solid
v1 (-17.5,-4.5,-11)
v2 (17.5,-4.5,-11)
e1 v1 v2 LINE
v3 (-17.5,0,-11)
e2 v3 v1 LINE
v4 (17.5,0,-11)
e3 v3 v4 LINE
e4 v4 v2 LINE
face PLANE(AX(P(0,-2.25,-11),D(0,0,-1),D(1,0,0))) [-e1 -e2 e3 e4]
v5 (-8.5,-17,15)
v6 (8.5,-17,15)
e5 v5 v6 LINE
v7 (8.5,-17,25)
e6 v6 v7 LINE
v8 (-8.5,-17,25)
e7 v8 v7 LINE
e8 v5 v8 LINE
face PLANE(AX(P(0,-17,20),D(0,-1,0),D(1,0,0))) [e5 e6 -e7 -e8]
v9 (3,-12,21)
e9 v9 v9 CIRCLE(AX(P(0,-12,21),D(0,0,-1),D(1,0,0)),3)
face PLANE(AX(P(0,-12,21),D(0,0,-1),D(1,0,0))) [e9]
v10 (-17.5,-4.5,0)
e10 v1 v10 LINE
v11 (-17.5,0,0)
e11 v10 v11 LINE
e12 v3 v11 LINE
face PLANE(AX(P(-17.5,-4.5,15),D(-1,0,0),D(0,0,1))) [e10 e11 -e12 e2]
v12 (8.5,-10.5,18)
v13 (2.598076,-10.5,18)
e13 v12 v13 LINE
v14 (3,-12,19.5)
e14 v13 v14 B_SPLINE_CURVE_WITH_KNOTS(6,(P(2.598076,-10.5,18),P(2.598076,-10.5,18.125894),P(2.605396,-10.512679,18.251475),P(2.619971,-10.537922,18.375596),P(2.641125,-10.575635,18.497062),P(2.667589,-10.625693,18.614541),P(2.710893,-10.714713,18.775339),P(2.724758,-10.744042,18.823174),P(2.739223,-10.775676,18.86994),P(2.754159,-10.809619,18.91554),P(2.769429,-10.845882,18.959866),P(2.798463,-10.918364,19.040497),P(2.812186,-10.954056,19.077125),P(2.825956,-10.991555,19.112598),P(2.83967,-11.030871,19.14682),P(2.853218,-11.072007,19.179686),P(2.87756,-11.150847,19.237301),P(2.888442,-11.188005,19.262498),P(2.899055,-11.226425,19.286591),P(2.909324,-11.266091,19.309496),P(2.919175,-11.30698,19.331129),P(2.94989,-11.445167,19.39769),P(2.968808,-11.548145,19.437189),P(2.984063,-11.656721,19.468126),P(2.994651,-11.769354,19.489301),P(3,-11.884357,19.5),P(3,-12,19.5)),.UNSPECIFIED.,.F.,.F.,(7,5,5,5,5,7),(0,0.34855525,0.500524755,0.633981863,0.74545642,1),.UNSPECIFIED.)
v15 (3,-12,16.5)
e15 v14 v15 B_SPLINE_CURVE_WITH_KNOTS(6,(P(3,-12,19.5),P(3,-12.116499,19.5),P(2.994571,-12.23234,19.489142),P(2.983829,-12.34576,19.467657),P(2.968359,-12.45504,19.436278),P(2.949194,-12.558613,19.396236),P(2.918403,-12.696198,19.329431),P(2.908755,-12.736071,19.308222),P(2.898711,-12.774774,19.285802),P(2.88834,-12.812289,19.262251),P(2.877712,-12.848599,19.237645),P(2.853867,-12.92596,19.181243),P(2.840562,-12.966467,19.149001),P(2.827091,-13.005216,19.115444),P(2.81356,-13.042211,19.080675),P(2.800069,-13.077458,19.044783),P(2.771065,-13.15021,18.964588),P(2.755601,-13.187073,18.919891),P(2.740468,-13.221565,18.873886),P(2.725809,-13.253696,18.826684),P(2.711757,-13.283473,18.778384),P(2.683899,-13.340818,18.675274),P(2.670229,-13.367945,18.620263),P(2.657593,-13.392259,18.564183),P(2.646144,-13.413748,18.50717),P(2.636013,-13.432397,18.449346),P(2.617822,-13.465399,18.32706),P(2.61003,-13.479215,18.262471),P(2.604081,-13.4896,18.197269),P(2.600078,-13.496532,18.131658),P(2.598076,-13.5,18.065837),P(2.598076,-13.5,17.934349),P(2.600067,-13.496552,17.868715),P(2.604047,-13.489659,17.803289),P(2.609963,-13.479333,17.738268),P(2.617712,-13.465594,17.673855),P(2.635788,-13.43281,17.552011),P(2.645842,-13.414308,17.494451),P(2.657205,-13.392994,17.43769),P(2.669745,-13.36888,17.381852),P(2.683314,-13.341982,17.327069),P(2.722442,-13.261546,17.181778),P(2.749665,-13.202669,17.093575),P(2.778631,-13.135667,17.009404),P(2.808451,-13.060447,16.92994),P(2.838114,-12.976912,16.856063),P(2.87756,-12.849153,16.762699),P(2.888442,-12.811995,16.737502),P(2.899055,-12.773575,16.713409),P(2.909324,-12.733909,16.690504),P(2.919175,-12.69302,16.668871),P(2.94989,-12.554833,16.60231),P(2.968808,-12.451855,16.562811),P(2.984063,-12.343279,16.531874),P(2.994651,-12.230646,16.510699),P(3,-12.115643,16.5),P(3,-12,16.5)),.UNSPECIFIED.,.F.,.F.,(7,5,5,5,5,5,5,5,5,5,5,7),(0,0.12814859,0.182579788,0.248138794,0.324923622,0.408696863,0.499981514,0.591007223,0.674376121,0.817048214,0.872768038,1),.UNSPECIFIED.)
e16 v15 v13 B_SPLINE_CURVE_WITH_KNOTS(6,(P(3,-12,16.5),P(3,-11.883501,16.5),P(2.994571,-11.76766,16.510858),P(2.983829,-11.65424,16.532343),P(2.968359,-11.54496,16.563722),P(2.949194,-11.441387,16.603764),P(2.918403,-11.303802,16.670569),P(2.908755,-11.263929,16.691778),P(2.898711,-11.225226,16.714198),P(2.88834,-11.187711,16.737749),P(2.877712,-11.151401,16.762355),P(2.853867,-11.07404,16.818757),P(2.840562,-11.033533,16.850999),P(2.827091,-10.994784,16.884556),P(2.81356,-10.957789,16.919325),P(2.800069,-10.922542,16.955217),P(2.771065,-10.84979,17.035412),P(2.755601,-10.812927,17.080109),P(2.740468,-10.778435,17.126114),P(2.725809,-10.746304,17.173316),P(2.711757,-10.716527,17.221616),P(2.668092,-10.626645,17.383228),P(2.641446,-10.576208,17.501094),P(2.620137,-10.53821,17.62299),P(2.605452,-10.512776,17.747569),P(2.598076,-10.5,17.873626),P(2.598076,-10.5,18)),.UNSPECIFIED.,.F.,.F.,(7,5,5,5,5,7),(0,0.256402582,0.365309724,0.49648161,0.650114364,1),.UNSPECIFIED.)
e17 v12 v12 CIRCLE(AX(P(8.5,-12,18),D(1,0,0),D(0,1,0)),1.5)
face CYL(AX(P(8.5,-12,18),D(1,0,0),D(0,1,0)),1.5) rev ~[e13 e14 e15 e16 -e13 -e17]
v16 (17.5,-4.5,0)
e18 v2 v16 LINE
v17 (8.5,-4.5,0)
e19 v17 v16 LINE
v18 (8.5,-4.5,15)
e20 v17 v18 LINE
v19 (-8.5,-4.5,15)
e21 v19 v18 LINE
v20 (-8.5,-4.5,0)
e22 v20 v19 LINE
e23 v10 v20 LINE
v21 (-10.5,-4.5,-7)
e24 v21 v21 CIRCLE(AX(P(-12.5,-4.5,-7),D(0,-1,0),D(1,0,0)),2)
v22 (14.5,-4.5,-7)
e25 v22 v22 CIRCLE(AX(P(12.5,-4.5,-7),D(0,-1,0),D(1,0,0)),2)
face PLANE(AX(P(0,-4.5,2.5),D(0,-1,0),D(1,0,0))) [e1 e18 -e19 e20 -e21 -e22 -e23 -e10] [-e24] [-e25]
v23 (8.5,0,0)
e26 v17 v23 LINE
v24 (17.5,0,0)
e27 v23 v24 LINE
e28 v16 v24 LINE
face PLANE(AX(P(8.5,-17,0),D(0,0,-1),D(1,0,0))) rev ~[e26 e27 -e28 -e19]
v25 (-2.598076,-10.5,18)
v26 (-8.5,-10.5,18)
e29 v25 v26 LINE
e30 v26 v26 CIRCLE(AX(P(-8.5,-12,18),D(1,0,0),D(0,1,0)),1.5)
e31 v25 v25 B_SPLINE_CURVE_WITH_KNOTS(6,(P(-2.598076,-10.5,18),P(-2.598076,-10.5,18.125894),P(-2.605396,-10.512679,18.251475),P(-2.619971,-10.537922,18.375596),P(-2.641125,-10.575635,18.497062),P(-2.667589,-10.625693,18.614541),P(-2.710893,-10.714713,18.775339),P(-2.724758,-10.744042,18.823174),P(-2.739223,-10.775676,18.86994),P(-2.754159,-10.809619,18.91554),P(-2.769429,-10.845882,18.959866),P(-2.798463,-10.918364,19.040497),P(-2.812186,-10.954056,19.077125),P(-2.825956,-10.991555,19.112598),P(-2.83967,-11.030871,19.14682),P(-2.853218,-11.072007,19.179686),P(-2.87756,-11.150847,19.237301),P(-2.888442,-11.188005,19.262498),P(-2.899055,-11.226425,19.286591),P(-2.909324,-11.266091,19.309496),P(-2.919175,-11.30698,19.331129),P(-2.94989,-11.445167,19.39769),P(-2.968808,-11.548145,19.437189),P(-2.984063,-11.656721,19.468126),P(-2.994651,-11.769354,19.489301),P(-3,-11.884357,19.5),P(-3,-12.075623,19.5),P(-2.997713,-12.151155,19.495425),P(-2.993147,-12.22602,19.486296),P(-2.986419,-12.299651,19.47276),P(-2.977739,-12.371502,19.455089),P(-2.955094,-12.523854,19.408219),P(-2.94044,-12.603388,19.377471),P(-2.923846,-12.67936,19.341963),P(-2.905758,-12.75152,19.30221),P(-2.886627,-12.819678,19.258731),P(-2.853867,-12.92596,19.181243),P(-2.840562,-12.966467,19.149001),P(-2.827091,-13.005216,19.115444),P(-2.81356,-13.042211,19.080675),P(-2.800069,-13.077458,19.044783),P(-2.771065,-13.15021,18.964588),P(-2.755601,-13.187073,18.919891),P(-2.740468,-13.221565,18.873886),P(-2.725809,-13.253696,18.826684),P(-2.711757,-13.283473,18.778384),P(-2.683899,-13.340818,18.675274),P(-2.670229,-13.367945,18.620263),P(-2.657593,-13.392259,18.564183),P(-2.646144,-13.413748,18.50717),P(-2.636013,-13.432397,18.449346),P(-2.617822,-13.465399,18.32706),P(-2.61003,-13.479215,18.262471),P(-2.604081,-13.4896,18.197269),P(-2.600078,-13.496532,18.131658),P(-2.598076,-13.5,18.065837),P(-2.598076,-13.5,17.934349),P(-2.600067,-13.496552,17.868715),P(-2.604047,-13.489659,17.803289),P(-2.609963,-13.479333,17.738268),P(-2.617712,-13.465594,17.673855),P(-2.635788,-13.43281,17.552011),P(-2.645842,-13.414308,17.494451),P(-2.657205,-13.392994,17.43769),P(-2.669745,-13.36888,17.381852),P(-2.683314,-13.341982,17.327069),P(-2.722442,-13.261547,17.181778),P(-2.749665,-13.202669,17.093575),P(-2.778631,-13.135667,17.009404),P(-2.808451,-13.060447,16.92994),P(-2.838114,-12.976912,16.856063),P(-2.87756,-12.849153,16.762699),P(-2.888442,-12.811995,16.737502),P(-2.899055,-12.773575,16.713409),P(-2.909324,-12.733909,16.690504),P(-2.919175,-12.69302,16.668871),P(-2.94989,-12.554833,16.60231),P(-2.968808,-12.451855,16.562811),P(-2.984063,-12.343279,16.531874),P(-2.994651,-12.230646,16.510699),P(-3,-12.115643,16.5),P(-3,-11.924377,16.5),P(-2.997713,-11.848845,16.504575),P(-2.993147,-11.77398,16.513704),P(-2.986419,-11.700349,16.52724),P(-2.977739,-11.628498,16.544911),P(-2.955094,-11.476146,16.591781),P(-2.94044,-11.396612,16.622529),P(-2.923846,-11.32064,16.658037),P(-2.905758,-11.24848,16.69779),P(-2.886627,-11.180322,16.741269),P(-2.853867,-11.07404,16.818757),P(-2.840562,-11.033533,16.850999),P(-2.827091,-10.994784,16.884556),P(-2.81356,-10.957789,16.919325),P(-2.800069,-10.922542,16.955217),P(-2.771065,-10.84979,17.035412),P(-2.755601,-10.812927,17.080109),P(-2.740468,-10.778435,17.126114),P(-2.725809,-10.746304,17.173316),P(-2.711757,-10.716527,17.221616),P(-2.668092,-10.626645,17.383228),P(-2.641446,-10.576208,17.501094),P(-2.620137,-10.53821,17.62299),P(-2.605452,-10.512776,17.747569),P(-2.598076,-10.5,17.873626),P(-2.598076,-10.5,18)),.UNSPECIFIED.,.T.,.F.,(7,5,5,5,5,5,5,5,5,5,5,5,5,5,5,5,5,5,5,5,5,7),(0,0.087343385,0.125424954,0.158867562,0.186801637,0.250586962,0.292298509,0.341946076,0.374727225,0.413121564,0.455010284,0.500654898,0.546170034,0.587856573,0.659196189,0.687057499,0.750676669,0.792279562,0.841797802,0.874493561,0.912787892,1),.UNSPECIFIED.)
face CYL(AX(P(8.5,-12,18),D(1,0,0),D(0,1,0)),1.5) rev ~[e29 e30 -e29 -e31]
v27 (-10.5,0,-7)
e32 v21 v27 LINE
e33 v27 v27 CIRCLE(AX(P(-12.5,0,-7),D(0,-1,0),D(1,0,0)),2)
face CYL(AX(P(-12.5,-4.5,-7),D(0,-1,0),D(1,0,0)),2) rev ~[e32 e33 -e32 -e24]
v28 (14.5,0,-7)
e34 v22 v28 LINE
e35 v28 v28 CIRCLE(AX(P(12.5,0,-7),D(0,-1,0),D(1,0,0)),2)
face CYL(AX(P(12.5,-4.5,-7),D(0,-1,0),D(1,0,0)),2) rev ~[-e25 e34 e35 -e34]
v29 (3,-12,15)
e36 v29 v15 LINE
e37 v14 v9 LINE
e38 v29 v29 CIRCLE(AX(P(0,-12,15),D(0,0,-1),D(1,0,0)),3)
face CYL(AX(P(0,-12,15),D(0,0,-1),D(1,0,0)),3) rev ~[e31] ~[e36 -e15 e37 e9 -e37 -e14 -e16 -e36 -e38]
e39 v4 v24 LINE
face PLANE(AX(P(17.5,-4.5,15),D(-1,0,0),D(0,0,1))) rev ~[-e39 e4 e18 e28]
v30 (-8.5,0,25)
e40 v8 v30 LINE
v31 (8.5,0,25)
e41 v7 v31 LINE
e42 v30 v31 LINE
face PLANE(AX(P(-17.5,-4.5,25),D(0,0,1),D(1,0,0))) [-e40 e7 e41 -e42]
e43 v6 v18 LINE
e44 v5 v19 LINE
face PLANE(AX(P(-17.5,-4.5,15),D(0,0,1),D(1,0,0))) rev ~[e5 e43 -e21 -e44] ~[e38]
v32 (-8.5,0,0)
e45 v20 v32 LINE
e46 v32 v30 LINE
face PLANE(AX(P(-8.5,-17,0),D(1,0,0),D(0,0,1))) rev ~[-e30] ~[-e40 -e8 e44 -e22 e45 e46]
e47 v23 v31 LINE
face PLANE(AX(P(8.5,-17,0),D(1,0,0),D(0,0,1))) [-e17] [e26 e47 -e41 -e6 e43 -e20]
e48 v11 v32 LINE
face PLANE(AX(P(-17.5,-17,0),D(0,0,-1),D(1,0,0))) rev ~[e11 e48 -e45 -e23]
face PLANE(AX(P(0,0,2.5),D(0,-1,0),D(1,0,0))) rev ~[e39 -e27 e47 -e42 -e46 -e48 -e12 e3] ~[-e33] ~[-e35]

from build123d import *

# Parameters (mm, degrees)
F0_W      = 35
F0_H      = 45
F1_DEPTH  = 4.5
F2_R      = 2
F3_DEPTH  = 10
F4_W      = 35
F4_H      = 10
F5_DEPTH  = 12.5
F6_R      = 3
F7_DEPTH  = 6
F8_W      = 35
F8_H      = 4.5
F9_DEPTH  = 2
F10_W     = 9
F10_H     = 25
F11_DEPTH = 17.001
F12_R     = 1.5
F13_DEPTH = 26.001
F14_W     = 35
F14_H     = 6
F15_DEPTH = 4.501
F16_W     = 35
F16_H     = 4.5
F17_DEPTH = 1


with BuildPart() as f1:
    # F0 (on Front) → F1 (new body)
    with BuildSketch(Plane.XZ):
        with Locations((0, 2.5)):
            Rectangle(F0_W, F0_H)
    extrude(amount=F1_DEPTH)

    # F2 (on face) → F3 (cut)
    with BuildSketch(Plane.XZ.offset(4.5)):
        with Locations((12.5, -15)):
            Circle(F2_R)
        with Locations((-12.5, -15)):
            Circle(F2_R)
        with Locations((-12.5, -7)):
            Circle(F2_R)
        with Locations((12.5, -7)):
            Circle(F2_R)
    extrude(amount=-F3_DEPTH, mode=Mode.SUBTRACT)

    # F4 (on face) → F5 (join)
    with BuildSketch(Plane.XZ.offset(4.5)):
        with Locations((0, 20)):
            Rectangle(F4_W, F4_H)
    extrude(amount=F5_DEPTH)

    # F6 (on face) → F7 (cut)
    with BuildSketch(Plane(origin=(0, 0, 15), x_dir=(1, 0, 0), z_dir=(0, 0, -1))):
        with Locations((0, 12)):
            Circle(F6_R)
    extrude(amount=-F7_DEPTH, mode=Mode.SUBTRACT)

    # F8 (on face) → F9 (cut)
    with BuildSketch(Plane(origin=(0, 0, -20), x_dir=(1, 0, 0), z_dir=(0, 0, -1))):
        with Locations((0, 2.25)):
            Rectangle(F8_W, F8_H)
    extrude(amount=-F9_DEPTH, mode=Mode.SUBTRACT)

    # F10 (on face) → F11 (cut, through all)
    with BuildSketch(Plane.XZ.offset(17)):
        with Locations((-13, 12.5)):
            Rectangle(F10_W, F10_H)
        with Locations((13, 12.5)):
            Rectangle(F10_W, F10_H)
    extrude(amount=-F11_DEPTH, mode=Mode.SUBTRACT)

    # F12 (on face) → F13 (cut, through all)
    with BuildSketch(Plane.YZ.offset(8.5)):
        with Locations((-12, 18)):
            Circle(F12_R)
    extrude(amount=-F13_DEPTH, mode=Mode.SUBTRACT)

    # F14 (on face) → F15 (cut, through all)
    with BuildSketch(Plane.XZ.offset(4.5)):
        with Locations((0, -15)):
            Rectangle(F14_W, F14_H)
    extrude(amount=-F15_DEPTH, mode=Mode.SUBTRACT)

    # F16 (on face) → F17 (cut)
    with BuildSketch(Plane(origin=(0, 0, -12), x_dir=(1, 0, 0), z_dir=(0, 0, -1))):
        with Locations((0, 2.25)):
            Rectangle(F16_W, F16_H)
    extrude(amount=-F17_DEPTH, mode=Mode.SUBTRACT)


solid = f1.part
